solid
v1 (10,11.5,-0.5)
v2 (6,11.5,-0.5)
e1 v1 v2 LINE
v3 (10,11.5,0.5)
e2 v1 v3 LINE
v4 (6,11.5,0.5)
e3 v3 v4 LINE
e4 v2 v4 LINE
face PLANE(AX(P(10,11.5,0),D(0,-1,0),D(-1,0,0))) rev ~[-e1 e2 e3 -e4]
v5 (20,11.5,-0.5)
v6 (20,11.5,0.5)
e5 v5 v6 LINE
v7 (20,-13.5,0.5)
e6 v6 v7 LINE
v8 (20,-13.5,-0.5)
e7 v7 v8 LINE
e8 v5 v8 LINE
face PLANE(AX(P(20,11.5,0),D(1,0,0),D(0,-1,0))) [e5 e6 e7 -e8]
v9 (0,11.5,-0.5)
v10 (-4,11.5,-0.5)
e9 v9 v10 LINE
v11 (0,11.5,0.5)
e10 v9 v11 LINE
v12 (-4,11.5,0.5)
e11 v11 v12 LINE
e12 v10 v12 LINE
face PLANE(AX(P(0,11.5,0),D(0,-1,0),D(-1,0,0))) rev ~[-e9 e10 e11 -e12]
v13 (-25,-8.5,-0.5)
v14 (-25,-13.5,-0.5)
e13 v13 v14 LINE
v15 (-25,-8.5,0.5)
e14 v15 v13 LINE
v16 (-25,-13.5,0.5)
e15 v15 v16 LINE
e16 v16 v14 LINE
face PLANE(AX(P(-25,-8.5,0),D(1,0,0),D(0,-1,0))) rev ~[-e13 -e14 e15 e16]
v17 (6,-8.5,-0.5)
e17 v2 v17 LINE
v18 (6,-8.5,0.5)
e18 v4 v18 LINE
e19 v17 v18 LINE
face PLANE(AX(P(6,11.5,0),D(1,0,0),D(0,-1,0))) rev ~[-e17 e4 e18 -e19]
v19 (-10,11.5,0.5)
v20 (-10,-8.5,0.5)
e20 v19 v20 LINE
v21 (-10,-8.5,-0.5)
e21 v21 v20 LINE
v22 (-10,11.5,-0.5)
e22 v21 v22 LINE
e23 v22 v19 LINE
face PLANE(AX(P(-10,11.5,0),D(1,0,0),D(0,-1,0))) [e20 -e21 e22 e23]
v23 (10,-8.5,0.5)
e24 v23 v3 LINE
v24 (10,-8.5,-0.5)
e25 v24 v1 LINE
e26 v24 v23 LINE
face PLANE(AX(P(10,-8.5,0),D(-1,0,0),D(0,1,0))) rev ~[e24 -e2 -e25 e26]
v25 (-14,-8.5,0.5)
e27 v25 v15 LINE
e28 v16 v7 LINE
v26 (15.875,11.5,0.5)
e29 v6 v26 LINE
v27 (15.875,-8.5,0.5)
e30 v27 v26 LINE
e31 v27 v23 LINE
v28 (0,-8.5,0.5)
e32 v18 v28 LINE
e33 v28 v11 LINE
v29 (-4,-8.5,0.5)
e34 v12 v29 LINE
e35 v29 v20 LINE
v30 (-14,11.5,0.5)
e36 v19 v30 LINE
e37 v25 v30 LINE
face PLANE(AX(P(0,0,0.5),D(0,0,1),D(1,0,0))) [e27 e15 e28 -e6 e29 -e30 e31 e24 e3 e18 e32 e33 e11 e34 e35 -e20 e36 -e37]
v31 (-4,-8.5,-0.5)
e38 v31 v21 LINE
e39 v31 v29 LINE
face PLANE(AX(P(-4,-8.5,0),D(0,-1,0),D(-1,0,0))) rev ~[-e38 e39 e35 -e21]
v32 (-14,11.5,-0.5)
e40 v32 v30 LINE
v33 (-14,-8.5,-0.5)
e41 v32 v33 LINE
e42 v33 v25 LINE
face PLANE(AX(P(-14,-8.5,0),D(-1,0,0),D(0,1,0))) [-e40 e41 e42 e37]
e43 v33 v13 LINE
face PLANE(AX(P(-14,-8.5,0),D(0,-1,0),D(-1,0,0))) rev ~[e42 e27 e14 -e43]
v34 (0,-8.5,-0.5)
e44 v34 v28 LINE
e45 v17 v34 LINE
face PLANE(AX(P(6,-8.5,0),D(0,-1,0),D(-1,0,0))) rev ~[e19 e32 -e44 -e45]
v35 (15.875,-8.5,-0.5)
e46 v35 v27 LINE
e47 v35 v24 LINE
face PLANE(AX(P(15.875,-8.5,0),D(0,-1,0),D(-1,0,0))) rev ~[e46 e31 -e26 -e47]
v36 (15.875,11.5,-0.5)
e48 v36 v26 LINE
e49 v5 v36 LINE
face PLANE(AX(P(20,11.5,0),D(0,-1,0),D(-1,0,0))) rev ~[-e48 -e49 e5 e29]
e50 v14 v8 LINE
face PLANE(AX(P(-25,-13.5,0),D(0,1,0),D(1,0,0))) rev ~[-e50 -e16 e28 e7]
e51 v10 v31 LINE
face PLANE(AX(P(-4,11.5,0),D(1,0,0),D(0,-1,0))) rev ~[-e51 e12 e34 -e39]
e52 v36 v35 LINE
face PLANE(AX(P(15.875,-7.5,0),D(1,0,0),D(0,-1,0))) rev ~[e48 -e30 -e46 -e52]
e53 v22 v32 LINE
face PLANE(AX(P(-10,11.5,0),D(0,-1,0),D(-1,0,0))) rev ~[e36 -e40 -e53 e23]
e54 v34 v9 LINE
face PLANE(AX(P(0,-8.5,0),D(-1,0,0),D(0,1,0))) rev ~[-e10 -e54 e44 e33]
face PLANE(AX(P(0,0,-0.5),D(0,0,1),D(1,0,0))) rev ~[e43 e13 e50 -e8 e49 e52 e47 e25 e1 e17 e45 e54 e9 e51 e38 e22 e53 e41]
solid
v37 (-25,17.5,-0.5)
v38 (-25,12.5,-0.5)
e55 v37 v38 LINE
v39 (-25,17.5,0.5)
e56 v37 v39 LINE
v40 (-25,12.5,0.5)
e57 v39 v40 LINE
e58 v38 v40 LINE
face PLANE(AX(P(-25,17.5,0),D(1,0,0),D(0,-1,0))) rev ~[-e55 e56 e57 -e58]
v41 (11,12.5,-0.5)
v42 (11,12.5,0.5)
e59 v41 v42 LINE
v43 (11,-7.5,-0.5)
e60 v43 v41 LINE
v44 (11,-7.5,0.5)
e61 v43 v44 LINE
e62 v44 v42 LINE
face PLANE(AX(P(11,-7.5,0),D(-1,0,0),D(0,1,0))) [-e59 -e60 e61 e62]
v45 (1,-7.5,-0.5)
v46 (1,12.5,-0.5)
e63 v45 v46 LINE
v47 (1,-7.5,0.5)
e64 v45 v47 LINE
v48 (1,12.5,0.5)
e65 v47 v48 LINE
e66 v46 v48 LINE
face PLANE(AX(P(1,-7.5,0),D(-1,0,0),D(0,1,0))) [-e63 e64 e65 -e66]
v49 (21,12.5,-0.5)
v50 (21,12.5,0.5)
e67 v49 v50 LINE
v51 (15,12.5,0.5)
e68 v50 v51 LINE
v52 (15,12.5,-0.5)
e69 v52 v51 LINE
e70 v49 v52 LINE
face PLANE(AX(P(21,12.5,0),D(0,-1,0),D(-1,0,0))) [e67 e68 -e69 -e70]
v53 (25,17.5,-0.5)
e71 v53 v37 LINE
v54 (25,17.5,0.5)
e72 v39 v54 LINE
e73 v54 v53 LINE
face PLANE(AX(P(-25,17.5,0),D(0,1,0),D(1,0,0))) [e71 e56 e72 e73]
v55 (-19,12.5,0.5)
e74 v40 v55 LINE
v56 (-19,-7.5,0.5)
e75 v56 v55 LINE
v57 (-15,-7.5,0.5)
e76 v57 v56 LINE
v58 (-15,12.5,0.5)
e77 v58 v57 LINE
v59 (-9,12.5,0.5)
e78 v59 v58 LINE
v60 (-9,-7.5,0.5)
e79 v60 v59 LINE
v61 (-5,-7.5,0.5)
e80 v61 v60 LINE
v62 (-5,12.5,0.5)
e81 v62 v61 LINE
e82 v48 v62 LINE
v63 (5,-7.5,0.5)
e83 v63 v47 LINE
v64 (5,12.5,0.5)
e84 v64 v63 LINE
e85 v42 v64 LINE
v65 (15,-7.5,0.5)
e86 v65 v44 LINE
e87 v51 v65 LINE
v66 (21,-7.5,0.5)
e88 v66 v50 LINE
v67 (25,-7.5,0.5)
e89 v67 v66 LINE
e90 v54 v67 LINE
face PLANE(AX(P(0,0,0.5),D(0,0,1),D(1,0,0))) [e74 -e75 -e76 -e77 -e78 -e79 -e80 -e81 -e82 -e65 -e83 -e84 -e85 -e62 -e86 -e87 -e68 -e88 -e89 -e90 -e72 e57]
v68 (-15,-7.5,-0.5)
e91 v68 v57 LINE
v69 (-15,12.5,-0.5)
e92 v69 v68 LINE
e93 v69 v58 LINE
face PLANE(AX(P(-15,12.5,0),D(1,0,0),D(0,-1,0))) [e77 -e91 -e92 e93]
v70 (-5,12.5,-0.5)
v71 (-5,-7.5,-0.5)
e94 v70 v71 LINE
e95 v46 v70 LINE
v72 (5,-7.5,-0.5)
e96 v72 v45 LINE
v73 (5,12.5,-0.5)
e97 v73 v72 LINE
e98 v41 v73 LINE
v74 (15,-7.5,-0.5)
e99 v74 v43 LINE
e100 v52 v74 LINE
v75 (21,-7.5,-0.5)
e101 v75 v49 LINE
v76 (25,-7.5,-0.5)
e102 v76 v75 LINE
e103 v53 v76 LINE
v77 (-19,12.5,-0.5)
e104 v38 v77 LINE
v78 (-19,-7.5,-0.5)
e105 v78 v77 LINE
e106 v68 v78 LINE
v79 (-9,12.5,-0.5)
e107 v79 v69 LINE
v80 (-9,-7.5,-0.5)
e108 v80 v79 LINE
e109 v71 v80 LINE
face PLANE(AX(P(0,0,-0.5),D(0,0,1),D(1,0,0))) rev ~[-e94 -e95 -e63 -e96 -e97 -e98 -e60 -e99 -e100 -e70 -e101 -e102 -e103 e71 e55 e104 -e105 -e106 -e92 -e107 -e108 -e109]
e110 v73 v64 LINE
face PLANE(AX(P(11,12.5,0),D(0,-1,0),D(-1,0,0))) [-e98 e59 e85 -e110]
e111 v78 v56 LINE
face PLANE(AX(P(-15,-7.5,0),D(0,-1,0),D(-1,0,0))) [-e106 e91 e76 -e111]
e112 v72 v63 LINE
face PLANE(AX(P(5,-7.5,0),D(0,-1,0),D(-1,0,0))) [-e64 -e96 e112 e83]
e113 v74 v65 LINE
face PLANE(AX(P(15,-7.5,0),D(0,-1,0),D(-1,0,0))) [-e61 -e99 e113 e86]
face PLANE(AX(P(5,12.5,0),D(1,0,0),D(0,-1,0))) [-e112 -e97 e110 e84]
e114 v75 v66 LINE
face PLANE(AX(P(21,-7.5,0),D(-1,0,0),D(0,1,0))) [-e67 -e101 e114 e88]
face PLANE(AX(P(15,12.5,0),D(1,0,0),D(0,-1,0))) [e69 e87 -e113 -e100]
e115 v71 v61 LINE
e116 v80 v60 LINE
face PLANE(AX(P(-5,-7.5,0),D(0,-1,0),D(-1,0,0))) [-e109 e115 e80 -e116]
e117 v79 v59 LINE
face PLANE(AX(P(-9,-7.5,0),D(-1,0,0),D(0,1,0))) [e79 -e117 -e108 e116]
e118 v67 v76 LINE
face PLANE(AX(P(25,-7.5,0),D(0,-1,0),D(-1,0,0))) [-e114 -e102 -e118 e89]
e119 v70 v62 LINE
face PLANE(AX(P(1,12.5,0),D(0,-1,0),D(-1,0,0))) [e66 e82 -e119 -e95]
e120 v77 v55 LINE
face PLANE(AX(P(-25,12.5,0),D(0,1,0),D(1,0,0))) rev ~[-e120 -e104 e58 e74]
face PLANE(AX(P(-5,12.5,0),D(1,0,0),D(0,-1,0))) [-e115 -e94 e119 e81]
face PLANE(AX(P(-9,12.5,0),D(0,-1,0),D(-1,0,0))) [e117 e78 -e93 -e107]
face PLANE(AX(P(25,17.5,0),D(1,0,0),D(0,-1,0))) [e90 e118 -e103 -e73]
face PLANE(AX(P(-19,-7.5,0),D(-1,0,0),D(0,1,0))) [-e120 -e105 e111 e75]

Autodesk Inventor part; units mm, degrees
ref_plane "YZ Plane" through (0, 0, 0) normal (1, 0, 0) x (0, 1, 0)
ref_plane "XZ Plane" through (0, 0, 0) normal (0, 1, 0) x (-1, 0, 0)
ref_plane "XY Plane" through (0, 0, 0) normal (0, 0, 1) x (1, 0, 0)
sketch "Sketch1" plane through (0, 0, 0) normal (0, 0, 1) x (1, 0, 0)
  point P0 (0, 0)
sketch "Sketch2" plane through (0, 0, 0) normal (0, 0, 1) x (1, 0, 0)
  line L0 (-25, 17.5) -> (25, 17.5)
  line L1 (25, 17.5) -> (25, -7.5)
  line L2 (-25, 17.5) -> (-20, 17.5)
  line L3 (-25, 17.5) -> (-25, 12.5)
  line L4 (25, -7.5) -> (21, -7.5)
  line L5 (21, -7.5) -> (21, 12.5)
  line L6 (21, 12.5) -> (15, 12.5)
  line L7 (15, 12.5) -> (15, -7.5)
  line L8 (15, -7.5) -> (11, -7.5)
  line L9 (11, -7.5) -> (11, 12.5)
  line L10 (11, 12.5) -> (5, 12.5)
  line L11 (5, 12.5) -> (5, -7.5)
  line L12 (5, -7.5) -> (1, -7.5)
  line L13 (1, -7.5) -> (1, 12.5)
  line L14 (1, 12.5) -> (-5, 12.5)
  line L15 (-5, 12.5) -> (-5, -7.5)
  line L16 (-5, -7.5) -> (-9, -7.5)
  line L17 (-9, -7.5) -> (-9, 12.5)
  line L18 (-9, 12.5) -> (-15, 12.5)
  line L19 (-15, 12.5) -> (-15, -7.5)
  line L20 (-15, -7.5) -> (-19, -7.5)
  line L21 (-19, -7.5) -> (-19, 12.5)
  line L22 (-25, 12.5) -> (-19, 12.5)
  line L23 (20, 11.5) -> (15.875, 11.5)
  line L24 (15.875, 11.5) -> (15.875, -7.5)
  line L25 (15.875, -7.5) -> (15.875, -8.5)
  line L26 (15.875, -8.5) -> (10, -8.5)
  line L27 (10, -8.5) -> (10, 11.5)
  line L28 (10, 11.5) -> (6, 11.5)
  line L29 (6, 11.5) -> (6, -8.5)
  line L30 (6, -8.5) -> (0, -8.5)
  line L31 (0, -8.5) -> (0, 11.5)
  line L32 (0, 11.5) -> (-4, 11.5)
  line L33 (-4, 11.5) -> (-4, -8.5)
  line L34 (-4, -8.5) -> (-10, -8.5)
  line L35 (-10, -8.5) -> (-10, 3.175)
  line L36 (-10, 11.5) -> (-10, 3.175)
  line L37 (-10, 11.5) -> (-14, 11.5)
  line L38 (-14, 11.5) -> (-14, 3.175)
  line L39 (-14, -8.5) -> (-14, 3.175)
  line L40 (-14, -8.5) -> (-25, -8.5)
  line L41 (-25, -13.5) -> (20, -13.5)
  line L42 (20, 11.5) -> (20, -13.5)
  line L43 (-25, -8.5) -> (-25, -13.5)
  point P0 (0, 0)
  dimension "d8" = 50
  dimension "d11" = 5
  dimension "d13" = 4
  dimension "d14" = 25
  dimension "d16" = 6
  dimension "d27" = 6
  dimension "d28" = 6
  dimension "d29" = 6
  dimension "d30" = 6
  dimension "d48" = 5
sketch "Sketch3" plane through (0, 0, 0) normal (0, 0, 1) x (1, 0, 0)
  point P0 (0, 0)
extrude "Extrusion1" add sketch "Sketch2" along normal mid plane 1
sketch "Sketch4" plane through (0, 0, 0.5) normal (0, 0, 1) x (1, 0, 0)
  point P0 (0, 0)
properties part number "Sensor-001-001_3DPrint"
